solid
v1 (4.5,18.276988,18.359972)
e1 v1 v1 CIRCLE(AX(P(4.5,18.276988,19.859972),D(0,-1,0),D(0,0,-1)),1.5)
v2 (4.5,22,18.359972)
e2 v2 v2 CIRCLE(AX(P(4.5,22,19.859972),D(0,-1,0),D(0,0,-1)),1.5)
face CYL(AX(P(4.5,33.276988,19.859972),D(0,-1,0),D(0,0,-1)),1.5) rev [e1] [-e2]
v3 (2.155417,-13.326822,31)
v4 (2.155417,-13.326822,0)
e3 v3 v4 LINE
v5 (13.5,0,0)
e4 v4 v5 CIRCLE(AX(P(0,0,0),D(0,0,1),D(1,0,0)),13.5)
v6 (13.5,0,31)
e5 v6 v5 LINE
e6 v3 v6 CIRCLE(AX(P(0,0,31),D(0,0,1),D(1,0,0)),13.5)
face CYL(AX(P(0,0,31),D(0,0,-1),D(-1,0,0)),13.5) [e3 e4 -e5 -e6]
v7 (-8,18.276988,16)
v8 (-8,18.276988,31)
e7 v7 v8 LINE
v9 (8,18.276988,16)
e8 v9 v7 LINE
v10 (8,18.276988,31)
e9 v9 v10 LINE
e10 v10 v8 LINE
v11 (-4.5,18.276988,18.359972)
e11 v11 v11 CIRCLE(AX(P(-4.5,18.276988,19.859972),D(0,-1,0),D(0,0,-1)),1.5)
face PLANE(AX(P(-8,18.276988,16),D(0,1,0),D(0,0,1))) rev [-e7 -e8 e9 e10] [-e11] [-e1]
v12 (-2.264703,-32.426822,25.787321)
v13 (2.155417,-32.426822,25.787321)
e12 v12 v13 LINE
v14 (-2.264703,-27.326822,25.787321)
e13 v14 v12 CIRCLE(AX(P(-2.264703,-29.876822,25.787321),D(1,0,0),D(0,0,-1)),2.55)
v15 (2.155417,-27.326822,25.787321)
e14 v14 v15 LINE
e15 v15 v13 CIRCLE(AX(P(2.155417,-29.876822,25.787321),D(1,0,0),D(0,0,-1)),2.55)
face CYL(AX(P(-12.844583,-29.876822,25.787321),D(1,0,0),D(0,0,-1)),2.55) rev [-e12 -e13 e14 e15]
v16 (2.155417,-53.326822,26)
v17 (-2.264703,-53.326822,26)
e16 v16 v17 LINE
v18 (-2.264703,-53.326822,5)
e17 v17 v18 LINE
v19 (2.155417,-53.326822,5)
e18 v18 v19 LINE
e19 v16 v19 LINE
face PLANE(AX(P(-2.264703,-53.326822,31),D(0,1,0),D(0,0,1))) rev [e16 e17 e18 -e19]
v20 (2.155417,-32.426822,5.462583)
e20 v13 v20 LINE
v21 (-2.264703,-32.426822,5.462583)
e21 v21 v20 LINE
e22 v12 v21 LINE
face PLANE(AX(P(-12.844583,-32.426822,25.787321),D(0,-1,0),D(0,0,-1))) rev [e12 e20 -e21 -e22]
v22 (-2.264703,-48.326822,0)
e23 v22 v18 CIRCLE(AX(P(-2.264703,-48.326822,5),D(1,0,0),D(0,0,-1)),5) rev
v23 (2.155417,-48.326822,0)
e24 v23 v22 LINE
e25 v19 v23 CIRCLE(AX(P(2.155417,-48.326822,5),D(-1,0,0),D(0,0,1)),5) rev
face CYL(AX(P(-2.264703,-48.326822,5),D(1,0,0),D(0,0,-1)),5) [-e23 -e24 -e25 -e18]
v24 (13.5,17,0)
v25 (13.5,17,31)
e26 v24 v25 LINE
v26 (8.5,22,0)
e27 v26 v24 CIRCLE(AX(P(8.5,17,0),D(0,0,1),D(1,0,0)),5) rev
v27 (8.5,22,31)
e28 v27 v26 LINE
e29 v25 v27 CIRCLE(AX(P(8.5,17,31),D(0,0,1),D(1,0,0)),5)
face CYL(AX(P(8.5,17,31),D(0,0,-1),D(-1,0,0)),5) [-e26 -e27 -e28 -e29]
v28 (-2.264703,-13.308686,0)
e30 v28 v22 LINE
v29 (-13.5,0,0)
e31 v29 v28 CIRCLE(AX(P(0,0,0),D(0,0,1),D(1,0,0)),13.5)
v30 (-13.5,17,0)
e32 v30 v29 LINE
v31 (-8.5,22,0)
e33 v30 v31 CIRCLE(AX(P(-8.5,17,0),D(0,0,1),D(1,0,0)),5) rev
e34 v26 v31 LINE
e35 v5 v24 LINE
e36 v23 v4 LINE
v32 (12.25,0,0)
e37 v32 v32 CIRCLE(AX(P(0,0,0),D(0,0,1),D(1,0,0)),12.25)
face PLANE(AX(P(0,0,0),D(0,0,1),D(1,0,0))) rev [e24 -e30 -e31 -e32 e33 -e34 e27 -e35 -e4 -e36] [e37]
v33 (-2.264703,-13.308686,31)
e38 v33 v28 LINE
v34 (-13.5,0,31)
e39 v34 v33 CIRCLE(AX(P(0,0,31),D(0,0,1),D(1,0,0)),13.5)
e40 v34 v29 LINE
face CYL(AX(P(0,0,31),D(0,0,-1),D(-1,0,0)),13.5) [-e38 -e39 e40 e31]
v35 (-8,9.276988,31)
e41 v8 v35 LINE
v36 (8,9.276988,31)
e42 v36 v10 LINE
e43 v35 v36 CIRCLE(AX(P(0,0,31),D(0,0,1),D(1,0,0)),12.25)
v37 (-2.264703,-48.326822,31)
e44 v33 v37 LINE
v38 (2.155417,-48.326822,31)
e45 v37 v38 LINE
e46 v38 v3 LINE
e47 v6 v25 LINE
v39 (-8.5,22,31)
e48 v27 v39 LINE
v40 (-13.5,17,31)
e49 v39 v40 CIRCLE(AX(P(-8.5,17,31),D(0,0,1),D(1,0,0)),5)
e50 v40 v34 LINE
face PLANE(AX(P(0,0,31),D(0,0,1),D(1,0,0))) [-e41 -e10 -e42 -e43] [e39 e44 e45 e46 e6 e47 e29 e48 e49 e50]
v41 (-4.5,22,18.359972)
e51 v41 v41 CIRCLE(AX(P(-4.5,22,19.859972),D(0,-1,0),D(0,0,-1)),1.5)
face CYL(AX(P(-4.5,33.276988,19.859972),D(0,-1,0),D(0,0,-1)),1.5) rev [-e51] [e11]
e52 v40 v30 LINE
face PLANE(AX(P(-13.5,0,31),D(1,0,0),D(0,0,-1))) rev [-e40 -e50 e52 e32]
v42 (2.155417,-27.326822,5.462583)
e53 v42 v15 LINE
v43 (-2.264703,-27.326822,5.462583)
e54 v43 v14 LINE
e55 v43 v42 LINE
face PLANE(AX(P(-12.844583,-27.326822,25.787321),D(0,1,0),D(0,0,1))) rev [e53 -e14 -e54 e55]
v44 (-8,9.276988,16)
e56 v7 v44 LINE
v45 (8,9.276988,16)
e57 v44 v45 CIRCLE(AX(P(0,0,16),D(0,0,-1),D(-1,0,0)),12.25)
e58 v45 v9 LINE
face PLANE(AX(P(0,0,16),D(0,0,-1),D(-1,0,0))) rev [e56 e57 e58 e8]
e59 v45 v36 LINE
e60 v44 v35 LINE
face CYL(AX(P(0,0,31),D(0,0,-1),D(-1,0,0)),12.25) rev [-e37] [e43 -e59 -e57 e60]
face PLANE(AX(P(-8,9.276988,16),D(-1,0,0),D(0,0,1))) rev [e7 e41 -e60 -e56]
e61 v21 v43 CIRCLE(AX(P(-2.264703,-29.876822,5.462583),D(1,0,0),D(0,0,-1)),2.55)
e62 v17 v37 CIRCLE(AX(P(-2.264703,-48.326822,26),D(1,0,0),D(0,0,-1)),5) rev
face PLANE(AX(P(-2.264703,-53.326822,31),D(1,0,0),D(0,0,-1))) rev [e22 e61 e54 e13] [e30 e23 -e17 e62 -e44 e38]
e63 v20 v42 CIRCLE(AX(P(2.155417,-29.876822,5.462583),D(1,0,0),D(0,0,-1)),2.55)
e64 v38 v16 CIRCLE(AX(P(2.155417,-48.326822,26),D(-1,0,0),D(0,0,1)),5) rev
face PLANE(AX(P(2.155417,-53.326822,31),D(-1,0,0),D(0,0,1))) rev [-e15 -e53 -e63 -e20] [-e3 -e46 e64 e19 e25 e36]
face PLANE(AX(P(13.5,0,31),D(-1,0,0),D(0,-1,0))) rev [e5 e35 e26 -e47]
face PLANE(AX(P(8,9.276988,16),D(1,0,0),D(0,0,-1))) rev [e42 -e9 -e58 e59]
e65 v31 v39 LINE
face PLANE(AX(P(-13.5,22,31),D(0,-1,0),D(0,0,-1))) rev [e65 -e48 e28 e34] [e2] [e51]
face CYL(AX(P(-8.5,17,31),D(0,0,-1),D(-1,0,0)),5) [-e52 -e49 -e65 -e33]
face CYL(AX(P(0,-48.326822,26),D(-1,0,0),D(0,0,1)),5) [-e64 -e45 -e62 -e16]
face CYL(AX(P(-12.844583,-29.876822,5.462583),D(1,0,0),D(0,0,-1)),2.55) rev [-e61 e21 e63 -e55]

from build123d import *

# Parameters (mm, degrees)
SKETCH1_R           = 12.25
BOSS_EXTRUDE2_DEPTH = 31
SKETCH2_W           = 16
SKETCH2_H           = 9
CUT_EXTRUDE1_DEPTH  = 15
SKETCH3_R           = 1.5
CUT_EXTRUDE2_DEPTH  = 15
CUT_EXTRUDE3_DEPTH  = 15
FILLET1_R           = 5


with BuildPart() as part:
    # Sketch1 → Boss-Extrude2 (new body)
    with BuildSketch(Plane.XY):
        with BuildLine():
            Line((-13.5, 0), (-13.5, 22))
            Line((-13.5, 22), (13.5, 22))
            Line((13.5, 22), (13.5, 0))
            ThreePointArc((13.5, 0), (10.279789156, -8.750767675), (2.155417052, -13.326821727))
            Line((2.155417052, -13.326821727), (2.155417052, -53.326821727))
            Line((2.155417052, -53.326821727), (-2.26470283, -53.326821727))
            Line((-2.26470283, -53.326821727), (-2.26470283, -13.308685927))
            ThreePointArc((-2.26470283, -13.308685927), (-10.315606822, -8.708516286), (-13.5, 0))
        make_face()
        Circle(SKETCH1_R, mode=Mode.SUBTRACT)
    extrude(amount=BOSS_EXTRUDE2_DEPTH)

    # Sketch2 → Cut-Extrude1 (cut)
    with BuildSketch(Plane.XY.offset(31)):
        with Locations((0, 13.776987658)):
            Rectangle(SKETCH2_W, SKETCH2_H)
    extrude(amount=-CUT_EXTRUDE1_DEPTH, mode=Mode.SUBTRACT)

    # Sketch3 → Cut-Extrude2 (cut)
    with BuildSketch(Plane.XZ.offset(-18.276987658)):
        with Locations(Location((-4.5, 19.859972316, 0), (0, 0, 270))):
            Circle(SKETCH3_R)
        with Locations(Location((4.5, 19.859972316, 0), (0, 0, 270))):
            Circle(SKETCH3_R)
    extrude(amount=-CUT_EXTRUDE2_DEPTH, mode=Mode.SUBTRACT)

    # Sketch4 → Cut-Extrude3 (cut)
    with BuildSketch(Plane(origin=(2.155417052, 0, 0), x_dir=(0, 0, -1), z_dir=(1, 0, 0))):
        with BuildLine():
            Line((-25.787321286, -27.326821727), (-5.462583223, -27.326821727))
            ThreePointArc((-5.462583223, -27.326821727), (-2.912583223, -29.876821727), (-5.462583223, -32.426821727))
            Line((-5.462583223, -32.426821727), (-25.787321286, -32.426821727))
            ThreePointArc((-25.787321286, -32.426821727), (-28.337321286, -29.876821727), (-25.787321286, -27.326821727))
        make_face()
    extrude(amount=-CUT_EXTRUDE3_DEPTH, mode=Mode.SUBTRACT)

    # Fillet1
    fillet1_edges = [part.edges().sort_by_distance(p)[0] for p in [
        (-0.054642889, -53.326821727, 0),
        (-0.054642889, -53.326821727, 31),
        (-13.5, 22, 15.5),
        (13.5, 22, 15.5),
    ]]
    fillet(fillet1_edges, radius=FILLET1_R)


solid = part.part
